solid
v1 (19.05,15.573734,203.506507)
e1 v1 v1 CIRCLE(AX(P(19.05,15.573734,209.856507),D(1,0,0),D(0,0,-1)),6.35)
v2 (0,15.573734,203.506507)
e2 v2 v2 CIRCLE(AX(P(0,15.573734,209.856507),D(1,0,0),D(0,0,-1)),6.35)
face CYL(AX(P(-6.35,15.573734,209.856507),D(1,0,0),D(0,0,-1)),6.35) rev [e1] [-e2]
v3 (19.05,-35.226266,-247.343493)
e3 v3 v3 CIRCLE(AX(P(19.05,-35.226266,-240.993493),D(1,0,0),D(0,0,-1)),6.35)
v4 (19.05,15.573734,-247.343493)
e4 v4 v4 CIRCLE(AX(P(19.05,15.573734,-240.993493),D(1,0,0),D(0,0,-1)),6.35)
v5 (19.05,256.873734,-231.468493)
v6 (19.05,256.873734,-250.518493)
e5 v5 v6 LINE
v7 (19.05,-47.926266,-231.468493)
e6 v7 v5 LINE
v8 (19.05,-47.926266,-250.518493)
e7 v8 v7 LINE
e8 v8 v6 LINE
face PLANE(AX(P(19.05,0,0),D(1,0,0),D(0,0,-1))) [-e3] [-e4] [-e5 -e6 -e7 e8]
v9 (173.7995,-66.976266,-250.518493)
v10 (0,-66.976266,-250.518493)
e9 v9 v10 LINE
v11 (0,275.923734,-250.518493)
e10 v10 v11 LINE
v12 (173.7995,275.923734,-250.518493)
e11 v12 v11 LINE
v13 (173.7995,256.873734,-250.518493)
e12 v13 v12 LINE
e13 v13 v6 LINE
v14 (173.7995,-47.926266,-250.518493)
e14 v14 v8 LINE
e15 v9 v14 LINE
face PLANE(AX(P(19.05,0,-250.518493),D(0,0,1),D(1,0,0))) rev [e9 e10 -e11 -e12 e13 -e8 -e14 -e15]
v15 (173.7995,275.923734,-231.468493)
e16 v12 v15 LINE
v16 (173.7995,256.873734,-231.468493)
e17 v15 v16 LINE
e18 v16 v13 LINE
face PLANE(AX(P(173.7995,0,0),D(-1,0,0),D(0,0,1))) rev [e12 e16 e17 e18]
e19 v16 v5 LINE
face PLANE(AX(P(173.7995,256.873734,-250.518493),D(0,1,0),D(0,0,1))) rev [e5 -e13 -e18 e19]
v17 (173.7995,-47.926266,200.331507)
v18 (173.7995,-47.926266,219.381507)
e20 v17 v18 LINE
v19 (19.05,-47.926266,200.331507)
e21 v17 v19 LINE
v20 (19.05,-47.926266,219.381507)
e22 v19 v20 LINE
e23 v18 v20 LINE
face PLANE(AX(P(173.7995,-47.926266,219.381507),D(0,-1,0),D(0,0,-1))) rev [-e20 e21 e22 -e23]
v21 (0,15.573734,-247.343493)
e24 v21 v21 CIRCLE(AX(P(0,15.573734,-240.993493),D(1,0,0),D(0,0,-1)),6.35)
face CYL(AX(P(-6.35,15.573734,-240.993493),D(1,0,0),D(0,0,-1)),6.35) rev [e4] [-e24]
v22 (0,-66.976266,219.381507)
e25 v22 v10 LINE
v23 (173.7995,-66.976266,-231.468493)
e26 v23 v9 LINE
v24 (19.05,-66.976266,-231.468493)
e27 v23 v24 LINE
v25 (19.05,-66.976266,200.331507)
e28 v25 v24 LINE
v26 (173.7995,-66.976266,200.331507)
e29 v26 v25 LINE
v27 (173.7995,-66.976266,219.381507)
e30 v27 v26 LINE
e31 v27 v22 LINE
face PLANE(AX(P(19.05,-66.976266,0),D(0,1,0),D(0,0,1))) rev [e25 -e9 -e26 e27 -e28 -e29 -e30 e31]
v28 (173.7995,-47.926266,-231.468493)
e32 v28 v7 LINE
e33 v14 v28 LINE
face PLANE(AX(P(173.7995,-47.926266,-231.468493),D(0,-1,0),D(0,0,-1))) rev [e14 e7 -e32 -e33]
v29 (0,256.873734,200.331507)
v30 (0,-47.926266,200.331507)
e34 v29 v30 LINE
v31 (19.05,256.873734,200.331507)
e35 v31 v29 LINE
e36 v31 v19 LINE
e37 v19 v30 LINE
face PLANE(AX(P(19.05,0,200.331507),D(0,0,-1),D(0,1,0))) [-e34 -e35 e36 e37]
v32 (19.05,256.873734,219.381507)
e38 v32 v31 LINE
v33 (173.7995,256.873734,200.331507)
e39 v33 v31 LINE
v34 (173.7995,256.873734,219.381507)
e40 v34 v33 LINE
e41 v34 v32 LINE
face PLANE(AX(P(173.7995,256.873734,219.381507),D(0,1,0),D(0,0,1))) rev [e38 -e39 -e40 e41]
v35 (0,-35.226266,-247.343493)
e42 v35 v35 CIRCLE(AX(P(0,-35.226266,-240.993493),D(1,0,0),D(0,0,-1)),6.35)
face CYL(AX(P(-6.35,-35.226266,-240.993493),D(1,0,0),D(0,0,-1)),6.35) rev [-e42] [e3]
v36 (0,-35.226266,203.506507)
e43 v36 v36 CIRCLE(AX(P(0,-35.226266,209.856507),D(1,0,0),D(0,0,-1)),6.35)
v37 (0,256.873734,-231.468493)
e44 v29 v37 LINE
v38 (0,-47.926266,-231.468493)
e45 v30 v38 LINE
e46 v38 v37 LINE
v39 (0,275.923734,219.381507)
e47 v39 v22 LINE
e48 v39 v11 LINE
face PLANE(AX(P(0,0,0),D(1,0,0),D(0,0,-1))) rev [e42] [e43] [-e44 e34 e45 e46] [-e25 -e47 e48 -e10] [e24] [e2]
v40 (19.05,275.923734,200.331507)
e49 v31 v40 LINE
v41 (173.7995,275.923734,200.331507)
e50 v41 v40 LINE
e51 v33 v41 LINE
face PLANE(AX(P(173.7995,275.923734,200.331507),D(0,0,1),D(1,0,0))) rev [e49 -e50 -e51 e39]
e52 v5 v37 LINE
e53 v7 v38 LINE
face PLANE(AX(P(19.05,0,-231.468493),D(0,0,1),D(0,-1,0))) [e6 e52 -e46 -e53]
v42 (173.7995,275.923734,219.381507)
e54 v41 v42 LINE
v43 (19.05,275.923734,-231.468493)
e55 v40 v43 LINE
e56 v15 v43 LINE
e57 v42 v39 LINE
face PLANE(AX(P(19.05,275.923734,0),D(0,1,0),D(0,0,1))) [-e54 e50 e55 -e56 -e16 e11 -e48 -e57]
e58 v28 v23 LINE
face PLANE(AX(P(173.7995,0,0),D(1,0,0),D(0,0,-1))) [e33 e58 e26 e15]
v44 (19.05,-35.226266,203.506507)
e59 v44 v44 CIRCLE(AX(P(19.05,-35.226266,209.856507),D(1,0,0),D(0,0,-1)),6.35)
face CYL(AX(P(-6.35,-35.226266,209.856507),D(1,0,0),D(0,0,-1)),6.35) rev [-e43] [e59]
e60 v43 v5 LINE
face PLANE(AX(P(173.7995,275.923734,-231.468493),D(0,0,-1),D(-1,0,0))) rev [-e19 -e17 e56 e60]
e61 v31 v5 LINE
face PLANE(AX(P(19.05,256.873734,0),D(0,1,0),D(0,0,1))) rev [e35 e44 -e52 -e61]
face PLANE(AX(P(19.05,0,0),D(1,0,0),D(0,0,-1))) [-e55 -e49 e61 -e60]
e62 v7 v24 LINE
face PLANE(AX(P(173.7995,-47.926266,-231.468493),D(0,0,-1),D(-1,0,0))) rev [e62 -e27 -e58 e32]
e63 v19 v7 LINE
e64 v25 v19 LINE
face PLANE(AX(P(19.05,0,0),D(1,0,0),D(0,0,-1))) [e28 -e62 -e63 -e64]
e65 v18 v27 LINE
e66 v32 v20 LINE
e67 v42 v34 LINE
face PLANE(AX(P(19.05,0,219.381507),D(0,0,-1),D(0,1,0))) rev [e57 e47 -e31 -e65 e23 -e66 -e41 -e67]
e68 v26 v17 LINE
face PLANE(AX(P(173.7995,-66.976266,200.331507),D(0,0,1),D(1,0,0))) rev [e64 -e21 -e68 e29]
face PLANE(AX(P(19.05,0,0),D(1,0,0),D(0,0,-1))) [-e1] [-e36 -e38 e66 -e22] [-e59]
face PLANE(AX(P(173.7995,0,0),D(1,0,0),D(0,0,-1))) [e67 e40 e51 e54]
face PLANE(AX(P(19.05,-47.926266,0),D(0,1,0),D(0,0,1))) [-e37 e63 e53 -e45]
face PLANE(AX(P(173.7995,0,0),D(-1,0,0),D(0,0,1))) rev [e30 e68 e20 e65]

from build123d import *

# Parameters (mm, degrees)
SKETCH2_W           = 431.8
SKETCH2_H           = 19.05
SKETCH2_W_2         = 19.05
SKETCH2_H_2         = 342.9
BOSS_EXTRUDE1_DEPTH = 19.05
SKETCH3_R           = 6.35
CUT_EXTRUDE1_DEPTH  = 25.4
SKETCH4_W           = 19.05
SKETCH4_H           = 19.05
BOSS_EXTRUDE2_DEPTH = 154.7495


with BuildPart() as part:
    # Sketch2 → Boss-Extrude1 (new body)
    with BuildSketch(Plane(origin=(0, 0, 0), x_dir=(0, 0, -1), z_dir=(1, 0, 0))):
        with Locations((15.568493322, 266.398734107)):
            Rectangle(SKETCH2_W, SKETCH2_H)
        with Locations((-209.856506678, 104.473734107)):
            Rectangle(SKETCH2_W_2, SKETCH2_H_2)
        with Locations((15.568493322, -57.451265893)):
            Rectangle(SKETCH2_W, SKETCH2_H)
        Polygon((250.518493322, 275.923734107), (231.468493322, 275.923734107), (231.468493322, 256.873734107), (231.468493322, -47.926265893), (231.468493322, -66.976265893), (250.518493322, -66.976265893), align=None)
    extrude(amount=BOSS_EXTRUDE1_DEPTH)

    # Sketch3 → Cut-Extrude1 (cut)
    with BuildSketch(Plane(origin=(19.05, 0, 0), x_dir=(0, 0, -1), z_dir=(1, 0, 0))):
        with Locations((-209.856506678, 15.573734107)):
            Circle(SKETCH3_R)
        with Locations((-209.856506678, -35.226265893)):
            Circle(SKETCH3_R)
        with Locations((240.993493322, -35.226265893)):
            Circle(SKETCH3_R)
        with Locations((240.993493322, 15.573734107)):
            Circle(SKETCH3_R)
    extrude(amount=-CUT_EXTRUDE1_DEPTH, mode=Mode.SUBTRACT)

    # Sketch4 → Boss-Extrude2 (add)
    with BuildSketch(Plane(origin=(19.05, 0, 0), x_dir=(0, 0, -1), z_dir=(1, 0, 0))):
        with Locations((-209.856506678, -57.451265893)):
            Rectangle(SKETCH4_W, SKETCH4_H)
        with Locations((-209.856506678, 266.398734107)):
            Rectangle(SKETCH4_W, SKETCH4_H)
        with Locations((240.993493322, 266.398734107)):
            Rectangle(SKETCH4_W, SKETCH4_H)
        with Locations((240.993493322, -57.451265893)):
            Rectangle(SKETCH4_W, SKETCH4_H)
    extrude(amount=BOSS_EXTRUDE2_DEPTH)


solid = part.part
